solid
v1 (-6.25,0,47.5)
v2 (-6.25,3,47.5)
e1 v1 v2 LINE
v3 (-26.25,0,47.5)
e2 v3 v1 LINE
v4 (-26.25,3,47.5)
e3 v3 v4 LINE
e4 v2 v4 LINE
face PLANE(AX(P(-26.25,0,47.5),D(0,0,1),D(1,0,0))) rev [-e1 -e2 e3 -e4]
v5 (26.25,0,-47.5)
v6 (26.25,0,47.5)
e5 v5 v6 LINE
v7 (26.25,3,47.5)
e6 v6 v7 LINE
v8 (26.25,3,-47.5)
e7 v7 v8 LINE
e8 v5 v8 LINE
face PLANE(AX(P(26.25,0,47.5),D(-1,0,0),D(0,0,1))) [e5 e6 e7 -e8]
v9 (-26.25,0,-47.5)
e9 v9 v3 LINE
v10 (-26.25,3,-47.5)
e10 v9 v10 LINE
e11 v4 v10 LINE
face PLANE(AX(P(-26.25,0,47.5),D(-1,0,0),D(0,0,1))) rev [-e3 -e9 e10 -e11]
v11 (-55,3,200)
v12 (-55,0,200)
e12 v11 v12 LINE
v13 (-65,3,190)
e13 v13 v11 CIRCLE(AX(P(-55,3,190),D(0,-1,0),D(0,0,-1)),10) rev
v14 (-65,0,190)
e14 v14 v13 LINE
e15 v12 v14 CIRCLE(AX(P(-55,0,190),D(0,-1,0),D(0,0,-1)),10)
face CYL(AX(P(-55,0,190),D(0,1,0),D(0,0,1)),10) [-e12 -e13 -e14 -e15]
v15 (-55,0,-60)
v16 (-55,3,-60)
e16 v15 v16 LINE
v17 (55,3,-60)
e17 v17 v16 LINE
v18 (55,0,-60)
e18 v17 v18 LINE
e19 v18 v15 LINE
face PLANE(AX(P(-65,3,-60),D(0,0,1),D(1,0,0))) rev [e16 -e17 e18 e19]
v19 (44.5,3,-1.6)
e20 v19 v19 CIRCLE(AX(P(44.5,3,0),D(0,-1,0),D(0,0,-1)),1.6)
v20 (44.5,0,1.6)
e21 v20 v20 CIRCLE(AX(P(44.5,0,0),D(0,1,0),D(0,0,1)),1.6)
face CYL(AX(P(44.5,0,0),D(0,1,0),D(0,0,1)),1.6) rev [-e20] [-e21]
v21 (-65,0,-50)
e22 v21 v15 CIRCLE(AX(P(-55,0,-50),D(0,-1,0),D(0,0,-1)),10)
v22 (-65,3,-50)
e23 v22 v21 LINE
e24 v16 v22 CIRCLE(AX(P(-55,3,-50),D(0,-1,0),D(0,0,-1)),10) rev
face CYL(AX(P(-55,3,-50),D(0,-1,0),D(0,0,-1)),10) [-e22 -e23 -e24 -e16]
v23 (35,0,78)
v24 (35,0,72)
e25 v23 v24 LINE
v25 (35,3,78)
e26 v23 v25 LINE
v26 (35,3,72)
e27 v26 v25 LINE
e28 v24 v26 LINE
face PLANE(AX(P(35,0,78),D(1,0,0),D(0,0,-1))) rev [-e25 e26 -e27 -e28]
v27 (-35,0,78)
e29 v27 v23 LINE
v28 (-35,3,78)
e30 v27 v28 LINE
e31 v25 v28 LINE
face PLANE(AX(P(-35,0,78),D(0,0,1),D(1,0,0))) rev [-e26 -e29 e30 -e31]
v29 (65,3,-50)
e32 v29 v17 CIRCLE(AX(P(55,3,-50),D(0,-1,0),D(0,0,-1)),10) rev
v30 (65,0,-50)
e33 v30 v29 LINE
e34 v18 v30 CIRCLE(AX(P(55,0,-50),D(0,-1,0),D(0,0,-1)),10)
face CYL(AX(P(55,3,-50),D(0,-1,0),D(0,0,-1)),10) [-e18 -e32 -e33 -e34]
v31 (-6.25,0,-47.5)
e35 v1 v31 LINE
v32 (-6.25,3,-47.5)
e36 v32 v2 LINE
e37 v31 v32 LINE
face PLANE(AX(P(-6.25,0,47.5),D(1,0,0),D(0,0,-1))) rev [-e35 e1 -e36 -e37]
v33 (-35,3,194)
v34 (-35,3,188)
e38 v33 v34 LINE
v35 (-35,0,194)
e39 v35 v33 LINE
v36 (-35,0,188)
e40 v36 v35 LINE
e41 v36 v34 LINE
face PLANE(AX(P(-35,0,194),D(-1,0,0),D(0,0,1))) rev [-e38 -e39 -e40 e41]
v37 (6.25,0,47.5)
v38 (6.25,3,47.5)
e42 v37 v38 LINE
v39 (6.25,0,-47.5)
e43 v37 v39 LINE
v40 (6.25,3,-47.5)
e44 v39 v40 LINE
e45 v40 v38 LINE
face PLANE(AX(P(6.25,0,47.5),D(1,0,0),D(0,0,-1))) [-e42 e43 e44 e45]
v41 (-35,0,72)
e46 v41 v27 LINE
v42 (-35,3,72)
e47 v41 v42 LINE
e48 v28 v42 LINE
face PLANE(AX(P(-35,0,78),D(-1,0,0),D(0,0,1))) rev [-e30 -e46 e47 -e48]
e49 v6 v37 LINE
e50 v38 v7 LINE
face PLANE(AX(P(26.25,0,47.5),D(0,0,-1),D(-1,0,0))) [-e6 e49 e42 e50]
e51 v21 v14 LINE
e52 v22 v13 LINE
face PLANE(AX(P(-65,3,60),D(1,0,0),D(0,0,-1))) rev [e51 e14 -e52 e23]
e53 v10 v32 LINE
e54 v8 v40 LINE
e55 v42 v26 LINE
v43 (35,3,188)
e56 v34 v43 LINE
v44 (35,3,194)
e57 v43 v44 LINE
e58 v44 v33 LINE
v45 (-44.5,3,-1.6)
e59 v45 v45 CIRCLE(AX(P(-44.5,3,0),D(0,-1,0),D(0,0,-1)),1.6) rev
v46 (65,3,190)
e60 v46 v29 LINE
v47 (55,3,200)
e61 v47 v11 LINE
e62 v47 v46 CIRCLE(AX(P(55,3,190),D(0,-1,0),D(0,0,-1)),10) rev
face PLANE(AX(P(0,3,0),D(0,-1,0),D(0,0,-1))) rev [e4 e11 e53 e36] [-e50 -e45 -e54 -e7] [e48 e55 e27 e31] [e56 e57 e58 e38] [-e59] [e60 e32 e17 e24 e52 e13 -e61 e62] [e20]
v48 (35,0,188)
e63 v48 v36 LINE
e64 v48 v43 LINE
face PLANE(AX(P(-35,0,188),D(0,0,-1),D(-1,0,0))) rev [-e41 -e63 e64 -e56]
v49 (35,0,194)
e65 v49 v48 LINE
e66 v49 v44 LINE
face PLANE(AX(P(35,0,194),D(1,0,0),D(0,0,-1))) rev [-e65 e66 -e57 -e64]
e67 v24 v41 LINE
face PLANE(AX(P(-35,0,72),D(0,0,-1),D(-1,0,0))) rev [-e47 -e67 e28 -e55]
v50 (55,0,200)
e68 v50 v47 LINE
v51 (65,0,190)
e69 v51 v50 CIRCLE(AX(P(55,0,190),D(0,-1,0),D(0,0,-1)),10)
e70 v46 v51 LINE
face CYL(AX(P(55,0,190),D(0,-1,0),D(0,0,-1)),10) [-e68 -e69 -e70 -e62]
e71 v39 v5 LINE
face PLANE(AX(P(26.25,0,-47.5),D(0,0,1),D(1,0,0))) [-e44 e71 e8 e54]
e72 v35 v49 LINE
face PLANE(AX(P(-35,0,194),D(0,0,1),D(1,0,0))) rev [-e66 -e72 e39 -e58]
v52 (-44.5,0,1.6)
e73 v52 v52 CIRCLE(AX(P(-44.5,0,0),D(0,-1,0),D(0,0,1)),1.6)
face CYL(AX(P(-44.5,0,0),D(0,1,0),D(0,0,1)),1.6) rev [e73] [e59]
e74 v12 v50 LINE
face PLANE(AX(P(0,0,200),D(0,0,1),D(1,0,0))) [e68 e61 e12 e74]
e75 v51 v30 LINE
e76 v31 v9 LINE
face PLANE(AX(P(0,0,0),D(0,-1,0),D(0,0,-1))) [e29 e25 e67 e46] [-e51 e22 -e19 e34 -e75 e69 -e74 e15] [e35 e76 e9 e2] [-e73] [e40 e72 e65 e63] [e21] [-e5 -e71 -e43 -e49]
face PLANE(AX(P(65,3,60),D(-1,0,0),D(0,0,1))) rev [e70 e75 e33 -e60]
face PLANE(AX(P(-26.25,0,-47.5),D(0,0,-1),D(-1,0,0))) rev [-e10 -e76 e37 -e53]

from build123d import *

# Parameters (mm, degrees)
SKETCH1_W               = 130
SKETCH1_H               = 120
BOSS_EXTRUDE1_DEPTH     = 3
CUT_EXTRUDE1_START      = -4
SKETCH2_W               = 20
SKETCH2_H               = 95
CUT_EXTRUDE1_DEPTH      = 5
CUT_EXTRUDE2_START      = -4
SKETCH3_R               = 1.6
CUT_EXTRUDE2_DEPTH      = 5
SKETCH4_W               = 130
SKETCH4_H               = 3
BOSS_EXTRUDE2_DEPTH     = 140
SKETCH5_W               = 70
SKETCH5_H               = 6
CUT_EXTRUDE3_DEPTH      = 1
CUT_EXTRUDE3_DEPTH_BACK = 4
FILLET1_R               = 10


with BuildPart() as part:
    # Sketch1 → Boss-Extrude1 (new body)
    with BuildSketch(Plane(origin=(0, 0, 0), x_dir=(1, 0, 0), z_dir=(0, 1, 0))):
        Rectangle(SKETCH1_W, SKETCH1_H)
    extrude(amount=BOSS_EXTRUDE1_DEPTH)

    # Sketch2 → Cut-Extrude1 (cut)
    with BuildSketch(Plane(origin=(0, 3, 0), x_dir=(1, 0, 0), z_dir=(0, 1, 0)).offset(CUT_EXTRUDE1_START)):
        with Locations((-16.25, 0)):
            Rectangle(SKETCH2_W, SKETCH2_H)
    cut_extrude1 = extrude(amount=CUT_EXTRUDE1_DEPTH, mode=Mode.SUBTRACT)

    # Mirror1: Cut-Extrude1 across plane
    add(cut_extrude1.mirror(Plane(origin=(0, 0, 0), x_dir=(0, 0, 1), z_dir=(1, 0, 0))), mode=Mode.SUBTRACT)

    # Sketch3 → Cut-Extrude2 (cut)
    with BuildSketch(Plane(origin=(0, 3, 0), x_dir=(1, 0, 0), z_dir=(0, 1, 0)).offset(CUT_EXTRUDE2_START)):
        with Locations((44.5, 0)):
            Circle(SKETCH3_R)
    cut_extrude2 = extrude(amount=CUT_EXTRUDE2_DEPTH, mode=Mode.SUBTRACT)

    # Mirror2: Cut-Extrude2 across plane
    add(cut_extrude2.mirror(Plane(origin=(0, 0, 0), x_dir=(0, 0, 1), z_dir=(1, 0, 0))), mode=Mode.SUBTRACT)

    # Sketch4 → Boss-Extrude2 (add)
    with BuildSketch(Plane.XY.offset(60)):
        with Locations((0, 1.5)):
            Rectangle(SKETCH4_W, SKETCH4_H)
    extrude(amount=BOSS_EXTRUDE2_DEPTH)

    # Sketch5 → Cut-Extrude3 (cut, two sides)
    with BuildSketch(Plane(origin=(0, 3, 0), x_dir=(1, 0, 0), z_dir=(0, 1, 0))) as cut_extrude3_sk:
        with Locations((0, -75)):
            Rectangle(SKETCH5_W, SKETCH5_H)
        with Locations((0, -191)):
            Rectangle(SKETCH5_W, SKETCH5_H)
    extrude(amount=CUT_EXTRUDE3_DEPTH, mode=Mode.SUBTRACT)
    extrude(cut_extrude3_sk.sketch, amount=-CUT_EXTRUDE3_DEPTH_BACK, mode=Mode.SUBTRACT)

    # Fillet1
    fillet1_edges = [part.edges().sort_by_distance(p)[0] for p in [
        (-65, 1.5, 200),
        (65, 1.5, 200),
        (-65, 1.5, -60),
        (65, 1.5, -60),
    ]]
    fillet(fillet1_edges, radius=FILLET1_R)


solid = part.part
